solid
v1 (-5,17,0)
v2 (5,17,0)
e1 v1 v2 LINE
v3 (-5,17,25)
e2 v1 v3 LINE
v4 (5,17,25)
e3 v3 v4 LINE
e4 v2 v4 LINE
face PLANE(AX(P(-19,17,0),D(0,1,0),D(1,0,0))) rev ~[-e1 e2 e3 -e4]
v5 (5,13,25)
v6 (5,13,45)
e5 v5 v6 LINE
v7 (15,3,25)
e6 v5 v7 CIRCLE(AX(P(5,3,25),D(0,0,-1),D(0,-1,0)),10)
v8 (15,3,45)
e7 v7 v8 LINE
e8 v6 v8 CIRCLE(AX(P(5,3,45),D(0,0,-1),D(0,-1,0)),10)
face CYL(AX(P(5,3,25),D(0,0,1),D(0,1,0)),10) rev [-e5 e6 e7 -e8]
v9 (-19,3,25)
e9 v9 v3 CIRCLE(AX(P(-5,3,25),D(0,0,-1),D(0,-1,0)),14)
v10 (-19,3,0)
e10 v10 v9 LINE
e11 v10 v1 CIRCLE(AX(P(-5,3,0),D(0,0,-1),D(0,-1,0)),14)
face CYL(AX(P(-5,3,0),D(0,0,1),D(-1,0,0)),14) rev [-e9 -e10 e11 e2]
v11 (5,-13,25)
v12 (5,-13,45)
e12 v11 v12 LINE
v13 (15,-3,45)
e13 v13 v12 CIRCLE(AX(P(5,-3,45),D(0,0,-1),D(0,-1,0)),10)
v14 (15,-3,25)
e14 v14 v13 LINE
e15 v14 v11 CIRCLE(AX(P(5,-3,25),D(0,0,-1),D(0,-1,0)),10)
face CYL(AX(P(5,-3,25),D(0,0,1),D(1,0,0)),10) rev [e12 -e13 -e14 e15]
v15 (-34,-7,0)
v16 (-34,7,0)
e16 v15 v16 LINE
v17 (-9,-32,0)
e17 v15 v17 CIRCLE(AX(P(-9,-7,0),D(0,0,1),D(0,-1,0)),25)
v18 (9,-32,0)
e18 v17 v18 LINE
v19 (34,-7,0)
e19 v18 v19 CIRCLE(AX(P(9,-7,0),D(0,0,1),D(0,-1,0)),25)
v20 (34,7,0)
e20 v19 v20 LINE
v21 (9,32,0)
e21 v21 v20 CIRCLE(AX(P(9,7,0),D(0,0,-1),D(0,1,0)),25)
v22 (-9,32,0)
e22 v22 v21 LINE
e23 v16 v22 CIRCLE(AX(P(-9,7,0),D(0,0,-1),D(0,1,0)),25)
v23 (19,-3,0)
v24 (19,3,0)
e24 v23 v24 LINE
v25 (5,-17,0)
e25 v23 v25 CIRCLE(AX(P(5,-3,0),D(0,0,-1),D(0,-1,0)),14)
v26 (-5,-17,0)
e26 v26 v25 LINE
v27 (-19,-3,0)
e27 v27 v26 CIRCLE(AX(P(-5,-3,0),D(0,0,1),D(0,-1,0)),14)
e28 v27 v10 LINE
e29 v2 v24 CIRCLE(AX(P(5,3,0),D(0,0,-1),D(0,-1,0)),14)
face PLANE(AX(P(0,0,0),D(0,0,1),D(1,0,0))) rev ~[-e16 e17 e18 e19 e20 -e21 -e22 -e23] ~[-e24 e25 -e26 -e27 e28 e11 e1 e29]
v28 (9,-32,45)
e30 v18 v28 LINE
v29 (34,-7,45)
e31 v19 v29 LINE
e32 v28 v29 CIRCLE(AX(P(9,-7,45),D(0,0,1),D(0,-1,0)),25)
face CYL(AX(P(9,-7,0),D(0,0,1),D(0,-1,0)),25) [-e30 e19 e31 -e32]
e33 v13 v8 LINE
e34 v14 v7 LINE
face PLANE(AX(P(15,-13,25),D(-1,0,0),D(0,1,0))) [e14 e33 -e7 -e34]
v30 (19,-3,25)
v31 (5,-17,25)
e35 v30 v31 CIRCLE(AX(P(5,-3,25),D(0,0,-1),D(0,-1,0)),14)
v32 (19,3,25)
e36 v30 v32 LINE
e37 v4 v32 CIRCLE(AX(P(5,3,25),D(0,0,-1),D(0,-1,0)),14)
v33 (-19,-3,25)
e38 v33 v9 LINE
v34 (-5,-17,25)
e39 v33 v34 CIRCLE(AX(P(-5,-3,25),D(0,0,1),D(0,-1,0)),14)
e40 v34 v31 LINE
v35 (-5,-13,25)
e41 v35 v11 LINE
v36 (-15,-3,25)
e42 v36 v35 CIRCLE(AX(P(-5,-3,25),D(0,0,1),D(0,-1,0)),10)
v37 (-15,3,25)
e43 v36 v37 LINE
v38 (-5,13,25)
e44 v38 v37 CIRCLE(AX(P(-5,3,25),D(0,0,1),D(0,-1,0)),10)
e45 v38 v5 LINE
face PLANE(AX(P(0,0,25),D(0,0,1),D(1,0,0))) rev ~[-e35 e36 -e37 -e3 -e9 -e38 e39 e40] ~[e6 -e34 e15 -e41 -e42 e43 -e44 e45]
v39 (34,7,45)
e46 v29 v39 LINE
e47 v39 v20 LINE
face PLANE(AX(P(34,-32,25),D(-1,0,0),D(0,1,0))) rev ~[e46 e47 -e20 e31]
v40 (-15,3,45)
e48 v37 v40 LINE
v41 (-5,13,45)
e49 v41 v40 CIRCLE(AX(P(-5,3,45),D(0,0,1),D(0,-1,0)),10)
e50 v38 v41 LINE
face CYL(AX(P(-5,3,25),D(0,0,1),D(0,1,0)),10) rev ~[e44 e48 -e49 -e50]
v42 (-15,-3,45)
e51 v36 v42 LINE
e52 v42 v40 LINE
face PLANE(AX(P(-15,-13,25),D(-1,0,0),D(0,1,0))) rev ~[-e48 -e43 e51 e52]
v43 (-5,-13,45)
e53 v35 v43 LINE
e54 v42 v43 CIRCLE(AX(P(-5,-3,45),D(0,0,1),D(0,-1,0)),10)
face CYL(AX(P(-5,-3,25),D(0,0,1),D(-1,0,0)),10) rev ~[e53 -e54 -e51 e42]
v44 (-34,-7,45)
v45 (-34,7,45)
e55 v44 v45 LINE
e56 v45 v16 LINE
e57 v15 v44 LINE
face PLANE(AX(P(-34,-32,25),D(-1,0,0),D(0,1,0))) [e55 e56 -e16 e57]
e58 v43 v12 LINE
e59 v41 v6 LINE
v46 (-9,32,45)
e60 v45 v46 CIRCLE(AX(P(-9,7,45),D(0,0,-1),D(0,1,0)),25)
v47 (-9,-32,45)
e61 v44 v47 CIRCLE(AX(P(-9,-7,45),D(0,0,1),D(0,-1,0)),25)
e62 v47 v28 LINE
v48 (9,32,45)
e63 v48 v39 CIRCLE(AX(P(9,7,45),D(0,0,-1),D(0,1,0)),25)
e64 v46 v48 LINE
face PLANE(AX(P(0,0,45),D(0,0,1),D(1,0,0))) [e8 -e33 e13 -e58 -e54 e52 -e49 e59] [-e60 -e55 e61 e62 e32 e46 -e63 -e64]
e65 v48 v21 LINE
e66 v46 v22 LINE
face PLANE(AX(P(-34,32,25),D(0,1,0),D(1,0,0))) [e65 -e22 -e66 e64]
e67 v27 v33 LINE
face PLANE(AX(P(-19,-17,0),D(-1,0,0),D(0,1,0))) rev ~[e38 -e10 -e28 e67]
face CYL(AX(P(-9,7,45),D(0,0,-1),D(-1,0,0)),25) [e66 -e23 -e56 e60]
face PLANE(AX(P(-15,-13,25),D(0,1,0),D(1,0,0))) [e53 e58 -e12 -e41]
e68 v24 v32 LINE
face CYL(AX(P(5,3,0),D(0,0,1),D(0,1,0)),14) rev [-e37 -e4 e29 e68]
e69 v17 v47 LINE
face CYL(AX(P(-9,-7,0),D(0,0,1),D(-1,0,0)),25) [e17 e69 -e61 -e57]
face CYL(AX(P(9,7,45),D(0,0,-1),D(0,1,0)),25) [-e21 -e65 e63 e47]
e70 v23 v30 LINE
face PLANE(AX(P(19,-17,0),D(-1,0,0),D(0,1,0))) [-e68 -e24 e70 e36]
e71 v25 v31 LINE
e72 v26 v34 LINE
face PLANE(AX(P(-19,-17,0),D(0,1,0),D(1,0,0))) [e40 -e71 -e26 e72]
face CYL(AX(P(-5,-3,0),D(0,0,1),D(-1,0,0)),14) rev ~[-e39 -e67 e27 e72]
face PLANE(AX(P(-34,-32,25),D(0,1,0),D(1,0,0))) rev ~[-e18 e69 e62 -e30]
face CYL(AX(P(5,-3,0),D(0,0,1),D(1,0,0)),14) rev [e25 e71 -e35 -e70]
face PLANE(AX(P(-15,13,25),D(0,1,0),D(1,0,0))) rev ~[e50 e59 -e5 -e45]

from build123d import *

# Parameters (mm, degrees)
F0_W     = 68
F0_H     = 64
F0_W_2   = 38
F0_H_2   = 34
F1_DEPTH = 25
F2_W     = 68
F2_H     = 64
F2_W_2   = 38
F2_H_2   = 34
F2_W_3   = 29.9999998808
F2_H_3   = 25.9999998808
F3_DEPTH = 20
F4_R     = 10
F5_R     = 14
F6_R     = 25


with BuildPart() as f1:
    # F0 (on Top) → F1 (new body)
    with BuildSketch(Plane.XY):
        Rectangle(F0_W, F0_H)
        Rectangle(F0_W_2, F0_H_2, mode=Mode.SUBTRACT)
    extrude(amount=F1_DEPTH)

    # F2 (on face) → F3 (join)
    with BuildSketch(Plane.XY.offset(25)):
        Rectangle(F2_W, F2_H)
        Rectangle(F2_W_2, F2_H_2, mode=Mode.SUBTRACT)
        Rectangle(F2_W_2, F2_H_2)
        Rectangle(F2_W_3, F2_H_3, mode=Mode.SUBTRACT)
    extrude(amount=F3_DEPTH)

    # F4
    f4_edges = [f1.edges().sort_by_distance(p)[0] for p in [
        (-15, 13, 35),
        (-15, -13, 35),
        (15, -13, 35),
        (15, 13, 35),
    ]]
    fillet(f4_edges, radius=F4_R)

    # F5
    f5_edges = [f1.edges().sort_by_distance(p)[0] for p in [
        (19, -17, 12.5),
        (19, 17, 12.5),
        (-19, 17, 12.5),
        (-19, -17, 12.5),
    ]]
    fillet(f5_edges, radius=F5_R)

    # F6
    f6_edges = [f1.edges().sort_by_distance(p)[0] for p in [
        (34, 32, 22.5),
        (-34, 32, 22.5),
        (34, -32, 22.5),
        (-34, -32, 22.5),
    ]]
    fillet(f6_edges, radius=F6_R)


solid = f1.part
